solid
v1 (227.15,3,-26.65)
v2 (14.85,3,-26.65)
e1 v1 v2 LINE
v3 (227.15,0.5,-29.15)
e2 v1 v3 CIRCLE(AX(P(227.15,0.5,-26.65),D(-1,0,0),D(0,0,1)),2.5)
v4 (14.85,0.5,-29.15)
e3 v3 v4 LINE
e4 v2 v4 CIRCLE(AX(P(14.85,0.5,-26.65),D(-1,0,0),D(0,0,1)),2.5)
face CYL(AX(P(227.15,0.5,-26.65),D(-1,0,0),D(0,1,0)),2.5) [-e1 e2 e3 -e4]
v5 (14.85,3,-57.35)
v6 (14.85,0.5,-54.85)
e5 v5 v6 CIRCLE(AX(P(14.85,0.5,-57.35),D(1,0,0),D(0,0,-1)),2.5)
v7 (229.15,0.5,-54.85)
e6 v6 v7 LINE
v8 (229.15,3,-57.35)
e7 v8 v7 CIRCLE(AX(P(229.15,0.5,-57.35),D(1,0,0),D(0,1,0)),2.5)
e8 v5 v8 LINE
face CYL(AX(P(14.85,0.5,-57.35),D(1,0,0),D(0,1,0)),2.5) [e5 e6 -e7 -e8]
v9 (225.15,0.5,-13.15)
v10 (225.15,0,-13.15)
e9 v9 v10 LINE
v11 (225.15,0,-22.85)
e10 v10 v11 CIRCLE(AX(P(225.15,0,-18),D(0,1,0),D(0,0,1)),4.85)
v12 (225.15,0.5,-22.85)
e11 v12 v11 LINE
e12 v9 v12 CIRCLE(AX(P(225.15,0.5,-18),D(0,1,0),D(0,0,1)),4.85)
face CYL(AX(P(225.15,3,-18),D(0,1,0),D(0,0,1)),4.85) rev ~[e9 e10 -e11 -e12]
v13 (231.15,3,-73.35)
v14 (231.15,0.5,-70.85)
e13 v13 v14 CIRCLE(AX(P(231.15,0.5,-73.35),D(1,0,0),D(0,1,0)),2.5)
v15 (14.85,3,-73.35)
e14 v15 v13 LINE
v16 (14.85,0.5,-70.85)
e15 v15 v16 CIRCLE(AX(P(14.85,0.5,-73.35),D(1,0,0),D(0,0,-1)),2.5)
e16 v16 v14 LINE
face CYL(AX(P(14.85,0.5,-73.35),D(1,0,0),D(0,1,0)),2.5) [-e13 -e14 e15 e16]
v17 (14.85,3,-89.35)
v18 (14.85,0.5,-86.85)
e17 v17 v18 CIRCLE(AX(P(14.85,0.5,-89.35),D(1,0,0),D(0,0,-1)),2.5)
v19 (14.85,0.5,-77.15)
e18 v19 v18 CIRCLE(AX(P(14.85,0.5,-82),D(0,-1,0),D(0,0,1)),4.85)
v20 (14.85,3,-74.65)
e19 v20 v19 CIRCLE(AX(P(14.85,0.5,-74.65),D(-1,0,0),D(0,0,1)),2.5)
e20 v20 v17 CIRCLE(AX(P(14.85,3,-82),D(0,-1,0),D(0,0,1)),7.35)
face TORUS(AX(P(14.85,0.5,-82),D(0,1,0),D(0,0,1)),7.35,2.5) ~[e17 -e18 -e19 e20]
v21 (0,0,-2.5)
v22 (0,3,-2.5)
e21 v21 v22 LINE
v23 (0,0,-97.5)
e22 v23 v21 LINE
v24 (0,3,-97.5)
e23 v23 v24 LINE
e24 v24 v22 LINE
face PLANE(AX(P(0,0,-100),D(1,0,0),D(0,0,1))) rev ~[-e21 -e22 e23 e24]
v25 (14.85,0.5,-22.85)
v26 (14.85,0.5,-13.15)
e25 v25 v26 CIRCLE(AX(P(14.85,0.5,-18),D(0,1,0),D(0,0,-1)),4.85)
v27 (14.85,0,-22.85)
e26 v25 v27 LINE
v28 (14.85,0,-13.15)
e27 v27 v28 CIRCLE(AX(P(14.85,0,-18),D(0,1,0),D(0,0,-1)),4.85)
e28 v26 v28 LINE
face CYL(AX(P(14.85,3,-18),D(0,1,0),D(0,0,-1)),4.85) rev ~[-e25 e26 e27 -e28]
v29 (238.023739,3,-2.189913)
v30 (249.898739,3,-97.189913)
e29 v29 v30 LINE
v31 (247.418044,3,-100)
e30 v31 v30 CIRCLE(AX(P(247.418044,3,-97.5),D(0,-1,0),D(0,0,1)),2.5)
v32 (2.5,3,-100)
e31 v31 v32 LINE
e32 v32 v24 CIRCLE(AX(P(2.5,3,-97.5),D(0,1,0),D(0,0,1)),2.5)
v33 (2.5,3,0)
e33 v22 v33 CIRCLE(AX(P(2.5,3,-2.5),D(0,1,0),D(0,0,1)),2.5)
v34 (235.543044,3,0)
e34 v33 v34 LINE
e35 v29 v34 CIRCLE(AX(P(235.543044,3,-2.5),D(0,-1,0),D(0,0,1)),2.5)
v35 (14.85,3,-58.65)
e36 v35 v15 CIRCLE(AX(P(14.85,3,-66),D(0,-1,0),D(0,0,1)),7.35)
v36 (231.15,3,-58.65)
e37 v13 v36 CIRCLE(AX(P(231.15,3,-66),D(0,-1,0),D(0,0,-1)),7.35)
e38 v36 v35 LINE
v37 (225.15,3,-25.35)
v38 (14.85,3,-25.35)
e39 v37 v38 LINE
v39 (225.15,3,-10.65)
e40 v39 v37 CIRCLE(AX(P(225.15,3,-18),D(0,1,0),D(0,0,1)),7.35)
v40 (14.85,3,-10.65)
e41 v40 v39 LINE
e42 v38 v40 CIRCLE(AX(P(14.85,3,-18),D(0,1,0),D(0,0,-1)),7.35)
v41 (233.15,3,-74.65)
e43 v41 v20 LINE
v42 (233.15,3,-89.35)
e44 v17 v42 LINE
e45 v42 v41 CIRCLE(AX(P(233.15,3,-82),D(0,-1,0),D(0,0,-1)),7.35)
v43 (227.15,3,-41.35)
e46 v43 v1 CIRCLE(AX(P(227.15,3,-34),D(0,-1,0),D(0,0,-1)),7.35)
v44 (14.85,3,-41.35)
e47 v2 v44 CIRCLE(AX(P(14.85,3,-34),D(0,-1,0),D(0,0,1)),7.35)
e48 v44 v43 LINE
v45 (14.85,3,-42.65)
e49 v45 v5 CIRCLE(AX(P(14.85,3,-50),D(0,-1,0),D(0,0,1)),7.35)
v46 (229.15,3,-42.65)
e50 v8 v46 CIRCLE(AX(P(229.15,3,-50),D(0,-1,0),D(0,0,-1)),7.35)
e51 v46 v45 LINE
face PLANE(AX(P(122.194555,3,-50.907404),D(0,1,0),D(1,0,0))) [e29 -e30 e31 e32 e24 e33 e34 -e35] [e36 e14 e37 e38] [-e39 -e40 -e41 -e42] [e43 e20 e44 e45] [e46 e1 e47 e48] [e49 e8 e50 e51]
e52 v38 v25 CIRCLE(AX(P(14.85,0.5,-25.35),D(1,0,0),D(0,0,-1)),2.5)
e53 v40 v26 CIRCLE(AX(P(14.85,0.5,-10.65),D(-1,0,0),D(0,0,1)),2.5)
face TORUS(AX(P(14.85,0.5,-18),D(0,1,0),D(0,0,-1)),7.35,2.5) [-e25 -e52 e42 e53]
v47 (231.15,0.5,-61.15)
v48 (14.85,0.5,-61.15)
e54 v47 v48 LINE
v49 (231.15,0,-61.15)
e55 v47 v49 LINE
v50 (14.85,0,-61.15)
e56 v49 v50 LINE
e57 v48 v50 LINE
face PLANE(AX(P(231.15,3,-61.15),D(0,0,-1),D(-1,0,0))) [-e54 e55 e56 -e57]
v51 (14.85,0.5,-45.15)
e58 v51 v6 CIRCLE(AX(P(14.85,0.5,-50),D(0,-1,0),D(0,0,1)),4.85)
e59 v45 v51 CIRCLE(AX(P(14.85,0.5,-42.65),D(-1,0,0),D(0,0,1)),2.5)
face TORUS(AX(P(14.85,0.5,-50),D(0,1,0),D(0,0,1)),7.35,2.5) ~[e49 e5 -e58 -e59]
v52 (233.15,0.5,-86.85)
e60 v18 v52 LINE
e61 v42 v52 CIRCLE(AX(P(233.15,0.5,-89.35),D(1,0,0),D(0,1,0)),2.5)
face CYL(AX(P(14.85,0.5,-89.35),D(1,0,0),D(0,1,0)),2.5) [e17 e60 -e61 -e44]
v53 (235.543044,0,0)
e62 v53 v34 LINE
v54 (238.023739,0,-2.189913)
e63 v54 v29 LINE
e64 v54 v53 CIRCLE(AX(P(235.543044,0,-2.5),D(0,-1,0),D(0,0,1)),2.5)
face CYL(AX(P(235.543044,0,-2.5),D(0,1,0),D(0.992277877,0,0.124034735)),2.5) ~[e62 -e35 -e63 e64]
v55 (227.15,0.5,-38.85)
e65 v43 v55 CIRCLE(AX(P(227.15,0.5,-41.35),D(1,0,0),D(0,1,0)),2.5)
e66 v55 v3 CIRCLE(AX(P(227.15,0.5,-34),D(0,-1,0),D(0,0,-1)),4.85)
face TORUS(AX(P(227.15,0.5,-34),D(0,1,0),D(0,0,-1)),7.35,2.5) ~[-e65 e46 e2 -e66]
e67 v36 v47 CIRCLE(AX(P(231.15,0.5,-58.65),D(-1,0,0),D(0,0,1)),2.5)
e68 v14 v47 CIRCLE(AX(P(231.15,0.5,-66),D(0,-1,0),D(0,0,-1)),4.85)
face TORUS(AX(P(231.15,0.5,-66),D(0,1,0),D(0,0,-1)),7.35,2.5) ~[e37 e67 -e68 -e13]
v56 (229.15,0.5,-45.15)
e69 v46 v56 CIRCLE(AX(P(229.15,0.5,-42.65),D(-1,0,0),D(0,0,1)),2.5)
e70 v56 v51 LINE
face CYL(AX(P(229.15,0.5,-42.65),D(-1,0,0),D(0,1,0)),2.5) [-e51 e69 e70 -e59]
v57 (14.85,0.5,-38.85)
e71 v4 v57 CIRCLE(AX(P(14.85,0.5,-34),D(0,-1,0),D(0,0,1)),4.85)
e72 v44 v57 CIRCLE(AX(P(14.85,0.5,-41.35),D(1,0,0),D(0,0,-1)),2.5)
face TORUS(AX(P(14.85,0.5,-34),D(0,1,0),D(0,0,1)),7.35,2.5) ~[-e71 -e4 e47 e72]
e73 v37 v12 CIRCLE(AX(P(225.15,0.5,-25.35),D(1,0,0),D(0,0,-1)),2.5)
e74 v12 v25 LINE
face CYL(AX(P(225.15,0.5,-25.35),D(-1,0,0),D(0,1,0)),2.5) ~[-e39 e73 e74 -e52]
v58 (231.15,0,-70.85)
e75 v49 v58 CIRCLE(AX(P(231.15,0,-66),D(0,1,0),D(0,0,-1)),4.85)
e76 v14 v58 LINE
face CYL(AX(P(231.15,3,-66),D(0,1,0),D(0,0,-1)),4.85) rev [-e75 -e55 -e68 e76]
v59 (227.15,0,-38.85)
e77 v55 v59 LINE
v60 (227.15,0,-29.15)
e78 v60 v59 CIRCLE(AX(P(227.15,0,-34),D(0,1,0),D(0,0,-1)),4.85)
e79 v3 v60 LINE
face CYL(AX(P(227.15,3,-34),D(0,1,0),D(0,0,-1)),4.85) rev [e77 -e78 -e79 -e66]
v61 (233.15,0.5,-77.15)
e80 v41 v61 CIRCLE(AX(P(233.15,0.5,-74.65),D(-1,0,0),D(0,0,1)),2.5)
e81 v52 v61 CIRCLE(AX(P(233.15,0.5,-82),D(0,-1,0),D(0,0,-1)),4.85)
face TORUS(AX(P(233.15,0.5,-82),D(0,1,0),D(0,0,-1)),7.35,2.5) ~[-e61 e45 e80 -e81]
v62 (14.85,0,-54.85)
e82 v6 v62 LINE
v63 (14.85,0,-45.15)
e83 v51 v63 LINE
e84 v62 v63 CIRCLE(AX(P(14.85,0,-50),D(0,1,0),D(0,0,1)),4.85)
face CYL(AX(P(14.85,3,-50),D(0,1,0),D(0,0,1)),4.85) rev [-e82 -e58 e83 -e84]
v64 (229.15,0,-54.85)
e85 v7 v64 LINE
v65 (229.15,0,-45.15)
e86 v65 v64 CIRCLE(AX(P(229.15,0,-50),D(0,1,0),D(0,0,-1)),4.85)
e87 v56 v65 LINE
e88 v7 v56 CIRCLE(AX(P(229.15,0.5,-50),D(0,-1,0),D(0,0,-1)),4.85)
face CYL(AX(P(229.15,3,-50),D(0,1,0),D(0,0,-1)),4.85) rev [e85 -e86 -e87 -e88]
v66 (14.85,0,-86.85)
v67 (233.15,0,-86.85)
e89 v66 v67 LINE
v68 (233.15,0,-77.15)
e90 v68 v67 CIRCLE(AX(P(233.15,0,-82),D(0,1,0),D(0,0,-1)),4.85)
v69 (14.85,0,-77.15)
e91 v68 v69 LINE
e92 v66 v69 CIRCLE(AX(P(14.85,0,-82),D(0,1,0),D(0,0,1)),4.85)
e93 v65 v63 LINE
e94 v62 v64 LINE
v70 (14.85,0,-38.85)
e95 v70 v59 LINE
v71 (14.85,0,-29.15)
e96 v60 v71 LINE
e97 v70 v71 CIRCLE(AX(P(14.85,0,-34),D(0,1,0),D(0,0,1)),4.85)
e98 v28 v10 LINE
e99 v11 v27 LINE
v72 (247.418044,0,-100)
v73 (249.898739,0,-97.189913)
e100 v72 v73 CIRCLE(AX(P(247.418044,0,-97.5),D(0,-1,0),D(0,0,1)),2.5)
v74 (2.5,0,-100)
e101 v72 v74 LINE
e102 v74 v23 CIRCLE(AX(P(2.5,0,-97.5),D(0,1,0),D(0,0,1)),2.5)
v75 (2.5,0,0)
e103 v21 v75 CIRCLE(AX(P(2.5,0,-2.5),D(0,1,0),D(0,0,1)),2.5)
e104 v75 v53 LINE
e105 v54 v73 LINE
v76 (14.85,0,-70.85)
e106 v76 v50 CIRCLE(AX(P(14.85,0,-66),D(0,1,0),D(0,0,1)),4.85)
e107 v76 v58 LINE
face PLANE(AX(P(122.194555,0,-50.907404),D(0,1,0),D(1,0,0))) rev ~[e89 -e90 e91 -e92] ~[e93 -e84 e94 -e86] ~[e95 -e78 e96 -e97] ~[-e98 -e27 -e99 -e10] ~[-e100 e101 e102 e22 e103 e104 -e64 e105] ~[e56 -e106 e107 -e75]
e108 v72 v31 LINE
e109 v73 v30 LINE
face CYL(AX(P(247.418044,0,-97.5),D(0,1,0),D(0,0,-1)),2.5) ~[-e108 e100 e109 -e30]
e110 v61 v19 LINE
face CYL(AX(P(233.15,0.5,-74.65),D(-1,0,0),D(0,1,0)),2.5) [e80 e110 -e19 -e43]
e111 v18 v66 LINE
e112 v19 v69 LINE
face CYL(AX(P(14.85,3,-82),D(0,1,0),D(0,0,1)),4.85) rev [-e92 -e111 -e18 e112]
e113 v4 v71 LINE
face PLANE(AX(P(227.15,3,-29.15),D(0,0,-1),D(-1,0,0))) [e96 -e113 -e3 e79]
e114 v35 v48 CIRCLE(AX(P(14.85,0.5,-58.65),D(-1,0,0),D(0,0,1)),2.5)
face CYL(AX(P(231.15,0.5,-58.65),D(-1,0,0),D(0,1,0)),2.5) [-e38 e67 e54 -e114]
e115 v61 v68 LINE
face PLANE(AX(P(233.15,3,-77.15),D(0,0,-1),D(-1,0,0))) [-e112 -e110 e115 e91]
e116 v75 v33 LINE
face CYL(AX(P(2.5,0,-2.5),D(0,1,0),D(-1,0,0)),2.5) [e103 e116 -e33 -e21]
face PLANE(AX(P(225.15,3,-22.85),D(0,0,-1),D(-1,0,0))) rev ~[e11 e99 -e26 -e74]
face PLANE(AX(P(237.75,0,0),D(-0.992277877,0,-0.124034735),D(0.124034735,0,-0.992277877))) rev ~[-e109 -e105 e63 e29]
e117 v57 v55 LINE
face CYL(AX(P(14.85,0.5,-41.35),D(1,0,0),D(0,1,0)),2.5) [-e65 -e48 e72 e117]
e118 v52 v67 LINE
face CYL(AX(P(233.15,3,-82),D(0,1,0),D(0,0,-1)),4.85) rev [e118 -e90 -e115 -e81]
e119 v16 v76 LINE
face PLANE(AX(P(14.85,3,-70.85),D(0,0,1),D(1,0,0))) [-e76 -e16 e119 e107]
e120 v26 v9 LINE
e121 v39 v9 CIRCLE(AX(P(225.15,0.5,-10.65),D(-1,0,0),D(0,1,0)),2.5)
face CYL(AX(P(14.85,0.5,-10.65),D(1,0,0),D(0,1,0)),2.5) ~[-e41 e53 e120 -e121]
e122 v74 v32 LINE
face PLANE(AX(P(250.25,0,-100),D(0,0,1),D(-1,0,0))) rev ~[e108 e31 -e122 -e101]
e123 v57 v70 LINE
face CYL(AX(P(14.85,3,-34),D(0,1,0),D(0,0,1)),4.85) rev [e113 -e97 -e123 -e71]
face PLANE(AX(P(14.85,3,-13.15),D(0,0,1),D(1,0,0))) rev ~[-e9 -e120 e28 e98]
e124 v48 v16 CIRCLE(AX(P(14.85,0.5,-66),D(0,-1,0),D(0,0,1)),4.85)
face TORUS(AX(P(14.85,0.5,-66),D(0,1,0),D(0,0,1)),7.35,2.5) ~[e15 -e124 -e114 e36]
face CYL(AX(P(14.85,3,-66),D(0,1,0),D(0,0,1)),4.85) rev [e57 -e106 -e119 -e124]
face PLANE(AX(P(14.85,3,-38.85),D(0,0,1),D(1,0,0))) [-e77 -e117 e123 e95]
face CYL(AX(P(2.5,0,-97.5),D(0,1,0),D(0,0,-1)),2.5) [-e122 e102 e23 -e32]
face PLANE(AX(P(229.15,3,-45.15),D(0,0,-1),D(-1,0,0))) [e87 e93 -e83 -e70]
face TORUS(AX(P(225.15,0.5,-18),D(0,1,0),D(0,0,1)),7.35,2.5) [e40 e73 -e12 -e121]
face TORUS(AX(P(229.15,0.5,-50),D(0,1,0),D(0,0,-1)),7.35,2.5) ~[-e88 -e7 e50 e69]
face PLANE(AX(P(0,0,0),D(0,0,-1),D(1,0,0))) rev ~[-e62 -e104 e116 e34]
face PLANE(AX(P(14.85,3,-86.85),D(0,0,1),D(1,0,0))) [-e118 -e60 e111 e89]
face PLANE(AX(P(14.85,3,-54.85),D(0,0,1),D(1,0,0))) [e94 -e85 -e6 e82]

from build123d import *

# Parameters (mm, degrees)
BOSS_EXTRUDE1_DEPTH = 3
CUT_EXTRUDE1_DEPTH  = 270.507073191
FILLET1_R           = 2.5
FILLET3_R           = 2.5


with BuildPart() as part:
    # Sketch11 → Boss-Extrude1 (new body)
    with BuildSketch(Plane(origin=(0, 0, 0), x_dir=(1, 0, 0), z_dir=(0, 1, 0))):
        Polygon((250.25, 100), (0, 100), (0, 0), (237.75, 0), align=None)
    extrude(amount=BOSS_EXTRUDE1_DEPTH)

    # Sketch12 → Cut-Extrude1 (cut, through all)
    with BuildSketch(Plane(origin=(0, 3, 0), x_dir=(1, 0, 0), z_dir=(0, 1, 0))):
        with BuildLine():
            Line((14.85, 38.85), (227.15, 38.85))
            ThreePointArc((227.15, 38.85), (232, 34), (227.15, 29.15))
            Line((227.15, 29.15), (14.85, 29.15))
            ThreePointArc((14.85, 29.15), (10, 34), (14.85, 38.85))
        make_face()
        with BuildLine():
            Line((14.85, 86.85), (233.15, 86.85))
            ThreePointArc((233.15, 86.85), (238, 82), (233.15, 77.15))
            Line((233.15, 77.15), (14.85, 77.15))
            ThreePointArc((14.85, 77.15), (10, 82), (14.85, 86.85))
        make_face()
        with BuildLine():
            Line((14.85, 70.85), (231.15, 70.85))
            ThreePointArc((231.15, 70.85), (236, 66), (231.15, 61.15))
            Line((231.15, 61.15), (14.85, 61.15))
            ThreePointArc((14.85, 61.15), (10, 66), (14.85, 70.85))
        make_face()
        with BuildLine():
            Line((14.85, 13.15), (225.15, 13.15))
            ThreePointArc((225.15, 13.15), (230, 18), (225.15, 22.85))
            Line((225.15, 22.85), (14.85, 22.85))
            ThreePointArc((14.85, 22.85), (10, 18), (14.85, 13.15))
        make_face()
        with BuildLine():
            Line((14.85, 54.85), (229.15, 54.85))
            ThreePointArc((229.15, 54.85), (234, 50), (229.15, 45.15))
            Line((229.15, 45.15), (14.85, 45.15))
            ThreePointArc((14.85, 45.15), (10, 50), (14.85, 54.85))
        make_face()
    extrude(amount=-CUT_EXTRUDE1_DEPTH, mode=Mode.SUBTRACT)

    # Fillet1
    fillet1_edges = [part.edges().sort_by_distance(p)[0] for p in [
        (10, 3, -50),
        (122, 3, -45.15),
        (234, 3, -50),
        (122, 3, -54.85),
        (10, 3, -18),
        (120, 3, -13.15),
        (230, 3, -18),
        (120, 3, -22.85),
        (10, 3, -66),
        (123, 3, -61.15),
        (236, 3, -66),
        (123, 3, -70.85),
        (10, 3, -82),
        (124, 3, -77.15),
        (238, 3, -82),
        (124, 3, -86.85),
        (10, 3, -34),
        (121, 3, -29.15),
        (232, 3, -34),
        (121, 3, -38.85),
    ]]
    fillet(fillet1_edges, radius=FILLET1_R)

    # Fillet3
    fillet3_edges = [part.edges().sort_by_distance(p)[0] for p in [
        (237.75, 1.5, 0),
        (0, 1.5, 0),
        (0, 1.5, -100),
        (250.25, 1.5, -100),
    ]]
    fillet(fillet3_edges, radius=FILLET3_R)


solid = part.part
